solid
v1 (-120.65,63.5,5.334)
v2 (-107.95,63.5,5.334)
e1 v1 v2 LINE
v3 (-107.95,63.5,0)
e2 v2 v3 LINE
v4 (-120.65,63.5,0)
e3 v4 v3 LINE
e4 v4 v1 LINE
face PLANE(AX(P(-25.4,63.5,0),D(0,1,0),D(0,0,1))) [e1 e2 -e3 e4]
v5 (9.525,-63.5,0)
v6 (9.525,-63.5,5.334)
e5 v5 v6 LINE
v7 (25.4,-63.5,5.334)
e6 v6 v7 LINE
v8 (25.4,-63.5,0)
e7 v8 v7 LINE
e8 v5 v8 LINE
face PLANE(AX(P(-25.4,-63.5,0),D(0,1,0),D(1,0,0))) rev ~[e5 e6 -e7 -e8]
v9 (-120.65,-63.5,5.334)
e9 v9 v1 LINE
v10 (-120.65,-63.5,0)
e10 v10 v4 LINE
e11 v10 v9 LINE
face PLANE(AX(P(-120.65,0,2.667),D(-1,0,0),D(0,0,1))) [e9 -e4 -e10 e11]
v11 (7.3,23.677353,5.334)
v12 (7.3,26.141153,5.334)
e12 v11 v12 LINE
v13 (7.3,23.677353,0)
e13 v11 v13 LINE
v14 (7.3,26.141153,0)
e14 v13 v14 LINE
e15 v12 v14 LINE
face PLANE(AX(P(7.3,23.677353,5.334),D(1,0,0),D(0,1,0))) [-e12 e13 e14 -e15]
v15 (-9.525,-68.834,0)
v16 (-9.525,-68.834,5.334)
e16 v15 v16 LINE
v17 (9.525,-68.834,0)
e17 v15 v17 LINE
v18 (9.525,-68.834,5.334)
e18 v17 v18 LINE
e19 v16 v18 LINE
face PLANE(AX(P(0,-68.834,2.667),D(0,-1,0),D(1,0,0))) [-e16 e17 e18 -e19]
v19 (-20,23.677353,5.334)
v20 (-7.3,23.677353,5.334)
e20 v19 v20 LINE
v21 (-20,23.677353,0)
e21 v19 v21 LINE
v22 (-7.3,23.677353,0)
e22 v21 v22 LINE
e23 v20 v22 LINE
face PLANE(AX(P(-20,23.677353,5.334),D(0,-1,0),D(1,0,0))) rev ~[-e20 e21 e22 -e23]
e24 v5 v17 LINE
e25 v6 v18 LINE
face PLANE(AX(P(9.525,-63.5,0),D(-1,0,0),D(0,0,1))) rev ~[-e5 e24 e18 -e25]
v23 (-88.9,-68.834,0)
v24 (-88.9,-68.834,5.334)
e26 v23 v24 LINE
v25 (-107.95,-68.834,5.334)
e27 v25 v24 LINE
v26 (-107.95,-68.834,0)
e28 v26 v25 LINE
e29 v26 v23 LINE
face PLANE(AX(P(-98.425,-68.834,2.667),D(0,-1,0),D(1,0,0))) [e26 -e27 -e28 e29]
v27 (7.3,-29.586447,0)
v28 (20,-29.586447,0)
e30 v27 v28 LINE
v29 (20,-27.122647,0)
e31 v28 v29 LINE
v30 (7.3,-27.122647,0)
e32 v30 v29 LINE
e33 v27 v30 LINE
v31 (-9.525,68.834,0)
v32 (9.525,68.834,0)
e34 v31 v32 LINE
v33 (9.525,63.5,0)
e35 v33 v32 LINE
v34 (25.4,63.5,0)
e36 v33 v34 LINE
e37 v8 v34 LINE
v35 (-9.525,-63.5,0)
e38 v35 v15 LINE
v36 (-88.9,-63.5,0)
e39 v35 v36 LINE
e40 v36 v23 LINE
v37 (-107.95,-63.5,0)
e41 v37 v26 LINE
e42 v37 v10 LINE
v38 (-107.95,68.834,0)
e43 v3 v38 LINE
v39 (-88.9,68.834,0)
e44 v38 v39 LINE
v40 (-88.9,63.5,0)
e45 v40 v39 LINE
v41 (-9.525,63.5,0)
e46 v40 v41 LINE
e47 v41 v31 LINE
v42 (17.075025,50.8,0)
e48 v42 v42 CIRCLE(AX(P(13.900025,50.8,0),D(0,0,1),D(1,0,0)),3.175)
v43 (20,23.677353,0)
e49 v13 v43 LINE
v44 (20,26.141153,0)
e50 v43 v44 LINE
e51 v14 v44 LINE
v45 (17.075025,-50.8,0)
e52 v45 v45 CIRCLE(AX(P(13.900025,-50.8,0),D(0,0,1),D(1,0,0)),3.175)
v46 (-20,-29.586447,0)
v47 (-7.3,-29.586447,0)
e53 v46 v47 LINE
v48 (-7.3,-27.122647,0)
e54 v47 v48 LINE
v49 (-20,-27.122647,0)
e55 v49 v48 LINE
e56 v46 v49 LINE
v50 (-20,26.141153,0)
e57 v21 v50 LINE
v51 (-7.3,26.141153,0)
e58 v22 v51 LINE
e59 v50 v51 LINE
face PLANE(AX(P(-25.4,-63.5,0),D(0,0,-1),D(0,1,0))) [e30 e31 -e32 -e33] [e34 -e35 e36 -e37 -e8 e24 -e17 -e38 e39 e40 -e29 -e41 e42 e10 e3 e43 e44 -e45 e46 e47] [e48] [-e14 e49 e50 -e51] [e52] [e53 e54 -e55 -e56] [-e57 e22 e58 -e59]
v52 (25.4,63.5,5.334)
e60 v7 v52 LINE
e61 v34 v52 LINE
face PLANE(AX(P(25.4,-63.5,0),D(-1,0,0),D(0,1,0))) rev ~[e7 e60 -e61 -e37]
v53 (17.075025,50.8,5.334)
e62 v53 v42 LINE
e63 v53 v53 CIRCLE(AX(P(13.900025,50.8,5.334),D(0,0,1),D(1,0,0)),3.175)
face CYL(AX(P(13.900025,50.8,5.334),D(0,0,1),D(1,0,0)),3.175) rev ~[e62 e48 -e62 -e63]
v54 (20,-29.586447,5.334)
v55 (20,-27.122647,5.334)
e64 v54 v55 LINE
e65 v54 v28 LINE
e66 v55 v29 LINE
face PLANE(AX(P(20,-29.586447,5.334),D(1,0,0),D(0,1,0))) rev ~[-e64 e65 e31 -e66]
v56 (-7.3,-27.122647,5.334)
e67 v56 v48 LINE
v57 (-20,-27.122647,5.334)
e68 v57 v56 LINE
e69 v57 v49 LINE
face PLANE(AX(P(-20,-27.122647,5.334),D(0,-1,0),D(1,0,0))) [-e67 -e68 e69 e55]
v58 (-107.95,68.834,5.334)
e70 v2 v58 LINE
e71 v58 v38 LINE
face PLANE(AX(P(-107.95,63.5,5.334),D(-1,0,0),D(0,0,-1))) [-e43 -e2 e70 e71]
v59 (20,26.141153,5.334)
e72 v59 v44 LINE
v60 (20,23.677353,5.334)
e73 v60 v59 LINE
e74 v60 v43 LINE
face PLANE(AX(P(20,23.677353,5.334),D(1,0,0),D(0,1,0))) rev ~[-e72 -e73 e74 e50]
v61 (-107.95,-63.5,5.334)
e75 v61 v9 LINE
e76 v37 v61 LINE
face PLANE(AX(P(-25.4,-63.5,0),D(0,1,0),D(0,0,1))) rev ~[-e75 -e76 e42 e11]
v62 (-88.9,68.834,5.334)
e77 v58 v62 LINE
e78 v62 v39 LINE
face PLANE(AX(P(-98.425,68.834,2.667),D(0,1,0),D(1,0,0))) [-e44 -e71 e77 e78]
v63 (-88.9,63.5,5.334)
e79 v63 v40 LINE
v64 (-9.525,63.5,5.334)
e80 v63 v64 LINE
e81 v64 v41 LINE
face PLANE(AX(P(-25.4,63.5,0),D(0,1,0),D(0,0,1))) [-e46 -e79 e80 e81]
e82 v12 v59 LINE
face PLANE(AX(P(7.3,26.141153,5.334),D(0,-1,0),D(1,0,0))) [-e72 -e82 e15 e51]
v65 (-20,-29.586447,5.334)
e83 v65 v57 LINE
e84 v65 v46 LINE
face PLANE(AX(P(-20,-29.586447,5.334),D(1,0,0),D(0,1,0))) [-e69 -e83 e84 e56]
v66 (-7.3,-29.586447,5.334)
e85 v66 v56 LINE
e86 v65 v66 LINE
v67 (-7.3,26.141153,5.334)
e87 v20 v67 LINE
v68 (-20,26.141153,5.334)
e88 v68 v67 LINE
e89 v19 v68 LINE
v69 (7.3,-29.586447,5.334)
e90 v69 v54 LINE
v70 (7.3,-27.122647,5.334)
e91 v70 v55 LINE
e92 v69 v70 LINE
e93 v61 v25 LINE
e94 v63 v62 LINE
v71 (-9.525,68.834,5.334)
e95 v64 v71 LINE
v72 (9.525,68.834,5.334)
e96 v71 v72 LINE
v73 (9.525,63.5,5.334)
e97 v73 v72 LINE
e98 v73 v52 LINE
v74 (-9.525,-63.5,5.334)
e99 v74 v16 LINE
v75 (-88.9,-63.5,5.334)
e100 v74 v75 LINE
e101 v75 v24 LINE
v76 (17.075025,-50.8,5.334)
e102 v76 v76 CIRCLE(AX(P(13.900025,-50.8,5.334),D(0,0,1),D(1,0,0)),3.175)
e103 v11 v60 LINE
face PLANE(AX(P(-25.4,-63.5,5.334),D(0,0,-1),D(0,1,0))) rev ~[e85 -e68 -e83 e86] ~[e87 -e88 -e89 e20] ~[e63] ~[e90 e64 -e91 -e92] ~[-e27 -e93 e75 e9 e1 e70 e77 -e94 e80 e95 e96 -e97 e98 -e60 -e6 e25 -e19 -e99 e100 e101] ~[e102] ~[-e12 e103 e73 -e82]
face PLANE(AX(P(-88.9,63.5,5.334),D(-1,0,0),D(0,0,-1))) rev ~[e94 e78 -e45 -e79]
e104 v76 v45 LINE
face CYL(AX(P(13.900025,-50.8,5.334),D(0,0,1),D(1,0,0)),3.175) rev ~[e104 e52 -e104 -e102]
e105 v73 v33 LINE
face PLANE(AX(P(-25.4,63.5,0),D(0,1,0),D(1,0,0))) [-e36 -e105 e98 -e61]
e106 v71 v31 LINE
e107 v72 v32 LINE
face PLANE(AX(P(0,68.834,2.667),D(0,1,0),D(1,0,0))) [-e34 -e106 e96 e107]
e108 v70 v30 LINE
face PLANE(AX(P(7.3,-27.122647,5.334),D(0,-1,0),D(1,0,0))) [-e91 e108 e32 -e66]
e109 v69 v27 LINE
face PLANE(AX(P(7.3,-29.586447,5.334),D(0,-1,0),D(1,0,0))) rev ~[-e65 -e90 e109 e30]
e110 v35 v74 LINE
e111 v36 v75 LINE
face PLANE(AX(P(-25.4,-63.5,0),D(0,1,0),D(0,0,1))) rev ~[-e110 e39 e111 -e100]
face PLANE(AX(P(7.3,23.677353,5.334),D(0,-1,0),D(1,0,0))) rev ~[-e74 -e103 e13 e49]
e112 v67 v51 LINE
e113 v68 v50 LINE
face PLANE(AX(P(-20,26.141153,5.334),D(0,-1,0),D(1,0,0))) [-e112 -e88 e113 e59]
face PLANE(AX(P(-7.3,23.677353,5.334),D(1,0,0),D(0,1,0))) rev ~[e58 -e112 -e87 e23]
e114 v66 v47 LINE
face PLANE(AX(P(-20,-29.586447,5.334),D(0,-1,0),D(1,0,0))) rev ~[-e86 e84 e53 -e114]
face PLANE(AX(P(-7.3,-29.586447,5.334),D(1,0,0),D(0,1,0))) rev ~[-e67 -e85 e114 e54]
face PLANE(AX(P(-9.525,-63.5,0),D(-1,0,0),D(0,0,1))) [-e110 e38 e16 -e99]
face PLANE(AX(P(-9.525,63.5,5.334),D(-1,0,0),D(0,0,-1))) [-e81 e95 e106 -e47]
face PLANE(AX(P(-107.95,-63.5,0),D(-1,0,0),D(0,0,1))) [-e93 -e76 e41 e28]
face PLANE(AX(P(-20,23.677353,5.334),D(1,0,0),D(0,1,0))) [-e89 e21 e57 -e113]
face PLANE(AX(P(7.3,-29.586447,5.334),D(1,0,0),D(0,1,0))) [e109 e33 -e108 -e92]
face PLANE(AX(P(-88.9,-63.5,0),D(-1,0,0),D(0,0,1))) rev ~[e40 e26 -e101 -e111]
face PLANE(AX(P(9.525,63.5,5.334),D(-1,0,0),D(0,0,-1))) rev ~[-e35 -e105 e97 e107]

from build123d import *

# Parameters (mm, degrees)
SKETCH1_W          = 50.8
SKETCH1_H          = 127
BODY_DEPTH         = 5.334
SKETCH3_W          = 19.05
SKETCH3_H          = 5.334
TOP_TAB_DEPTH      = 5.334
SKETCH4_W          = 19.05
SKETCH4_H          = 5.334
BOT_TAB_DEPTH      = 5.334
SKETCH5_W          = 12.7
SKETCH5_H          = 2.4638
MIDDLE_CUTS_DEPTH  = 74.564469087
SKETCH6_R          = 3.175
BOLTHOLES_DEPTH    = 74.564469087
SKETCH8_W          = 5.334
SKETCH8_H          = 127
PIC_PLATFORM_DEPTH = 95.25
SKETCH10_W         = 19.05
SKETCH10_H         = 5.334
LEFTEXTRUDE_DEPTH  = 5.334
SKETCH11_W         = 19.05
SKETCH11_H         = 5.334
RIGHTEXTRUDE_DEPTH = 5.334


with BuildPart() as part:
    # Sketch1 → body (new body)
    with BuildSketch(Plane.XY):
        Rectangle(SKETCH1_W, SKETCH1_H)
    extrude(amount=BODY_DEPTH)

    # Sketch3 → Top tab (add)
    with BuildSketch(Plane(origin=(0, 63.5, 0), x_dir=(1, 0, 0), z_dir=(0, 1, 0))):
        with Locations((0, -2.667)):
            Rectangle(SKETCH3_W, SKETCH3_H)
    extrude(amount=TOP_TAB_DEPTH)

    # Sketch4 → Bot tab (add)
    with BuildSketch(Plane.XZ.offset(63.5)):
        with Locations((0, 2.667)):
            Rectangle(SKETCH4_W, SKETCH4_H)
    extrude(amount=BOT_TAB_DEPTH)

    # Sketch5 → middle cuts (cut, through all)
    with BuildSketch(Plane.XY.offset(5.334)):
        with Locations((-13.649999878, 24.909253458)):
            Rectangle(SKETCH5_W, SKETCH5_H)
        with Locations((13.649999878, -28.354546542)):
            Rectangle(SKETCH5_W, SKETCH5_H)
        with Locations((-13.649999878, -28.354546542)):
            Rectangle(SKETCH5_W, SKETCH5_H)
        with Locations((13.649999878, 24.909253458)):
            Rectangle(SKETCH5_W, SKETCH5_H)
    extrude(amount=-MIDDLE_CUTS_DEPTH, mode=Mode.SUBTRACT)

    # Sketch6 → BoltHoles (cut, through all)
    with BuildSketch(Plane.XY.offset(5.334)):
        with Locations((13.900024524, 50.8)):
            Circle(SKETCH6_R)
        with Locations((13.900024524, -50.8)):
            Circle(SKETCH6_R)
    extrude(amount=-BOLTHOLES_DEPTH, mode=Mode.SUBTRACT)

    # Sketch8 → PIC platform (add)
    with BuildSketch(Plane.ZY.offset(25.4)):
        with Locations((2.667, 0)):
            Rectangle(SKETCH8_W, SKETCH8_H)
    extrude(amount=PIC_PLATFORM_DEPTH)

    # Sketch10 → LeftExtrude (add)
    with BuildSketch(Plane(origin=(0, 63.5, 0), x_dir=(1, 0, 0), z_dir=(0, 1, 0))):
        with Locations((-98.425, -2.667)):
            Rectangle(SKETCH10_W, SKETCH10_H)
    extrude(amount=LEFTEXTRUDE_DEPTH)

    # Sketch11 → RightExtrude (add)
    with BuildSketch(Plane.XZ.offset(63.5)):
        with Locations((-98.425, 2.667)):
            Rectangle(SKETCH11_W, SKETCH11_H)
    extrude(amount=RIGHTEXTRUDE_DEPTH)


solid = part.part
